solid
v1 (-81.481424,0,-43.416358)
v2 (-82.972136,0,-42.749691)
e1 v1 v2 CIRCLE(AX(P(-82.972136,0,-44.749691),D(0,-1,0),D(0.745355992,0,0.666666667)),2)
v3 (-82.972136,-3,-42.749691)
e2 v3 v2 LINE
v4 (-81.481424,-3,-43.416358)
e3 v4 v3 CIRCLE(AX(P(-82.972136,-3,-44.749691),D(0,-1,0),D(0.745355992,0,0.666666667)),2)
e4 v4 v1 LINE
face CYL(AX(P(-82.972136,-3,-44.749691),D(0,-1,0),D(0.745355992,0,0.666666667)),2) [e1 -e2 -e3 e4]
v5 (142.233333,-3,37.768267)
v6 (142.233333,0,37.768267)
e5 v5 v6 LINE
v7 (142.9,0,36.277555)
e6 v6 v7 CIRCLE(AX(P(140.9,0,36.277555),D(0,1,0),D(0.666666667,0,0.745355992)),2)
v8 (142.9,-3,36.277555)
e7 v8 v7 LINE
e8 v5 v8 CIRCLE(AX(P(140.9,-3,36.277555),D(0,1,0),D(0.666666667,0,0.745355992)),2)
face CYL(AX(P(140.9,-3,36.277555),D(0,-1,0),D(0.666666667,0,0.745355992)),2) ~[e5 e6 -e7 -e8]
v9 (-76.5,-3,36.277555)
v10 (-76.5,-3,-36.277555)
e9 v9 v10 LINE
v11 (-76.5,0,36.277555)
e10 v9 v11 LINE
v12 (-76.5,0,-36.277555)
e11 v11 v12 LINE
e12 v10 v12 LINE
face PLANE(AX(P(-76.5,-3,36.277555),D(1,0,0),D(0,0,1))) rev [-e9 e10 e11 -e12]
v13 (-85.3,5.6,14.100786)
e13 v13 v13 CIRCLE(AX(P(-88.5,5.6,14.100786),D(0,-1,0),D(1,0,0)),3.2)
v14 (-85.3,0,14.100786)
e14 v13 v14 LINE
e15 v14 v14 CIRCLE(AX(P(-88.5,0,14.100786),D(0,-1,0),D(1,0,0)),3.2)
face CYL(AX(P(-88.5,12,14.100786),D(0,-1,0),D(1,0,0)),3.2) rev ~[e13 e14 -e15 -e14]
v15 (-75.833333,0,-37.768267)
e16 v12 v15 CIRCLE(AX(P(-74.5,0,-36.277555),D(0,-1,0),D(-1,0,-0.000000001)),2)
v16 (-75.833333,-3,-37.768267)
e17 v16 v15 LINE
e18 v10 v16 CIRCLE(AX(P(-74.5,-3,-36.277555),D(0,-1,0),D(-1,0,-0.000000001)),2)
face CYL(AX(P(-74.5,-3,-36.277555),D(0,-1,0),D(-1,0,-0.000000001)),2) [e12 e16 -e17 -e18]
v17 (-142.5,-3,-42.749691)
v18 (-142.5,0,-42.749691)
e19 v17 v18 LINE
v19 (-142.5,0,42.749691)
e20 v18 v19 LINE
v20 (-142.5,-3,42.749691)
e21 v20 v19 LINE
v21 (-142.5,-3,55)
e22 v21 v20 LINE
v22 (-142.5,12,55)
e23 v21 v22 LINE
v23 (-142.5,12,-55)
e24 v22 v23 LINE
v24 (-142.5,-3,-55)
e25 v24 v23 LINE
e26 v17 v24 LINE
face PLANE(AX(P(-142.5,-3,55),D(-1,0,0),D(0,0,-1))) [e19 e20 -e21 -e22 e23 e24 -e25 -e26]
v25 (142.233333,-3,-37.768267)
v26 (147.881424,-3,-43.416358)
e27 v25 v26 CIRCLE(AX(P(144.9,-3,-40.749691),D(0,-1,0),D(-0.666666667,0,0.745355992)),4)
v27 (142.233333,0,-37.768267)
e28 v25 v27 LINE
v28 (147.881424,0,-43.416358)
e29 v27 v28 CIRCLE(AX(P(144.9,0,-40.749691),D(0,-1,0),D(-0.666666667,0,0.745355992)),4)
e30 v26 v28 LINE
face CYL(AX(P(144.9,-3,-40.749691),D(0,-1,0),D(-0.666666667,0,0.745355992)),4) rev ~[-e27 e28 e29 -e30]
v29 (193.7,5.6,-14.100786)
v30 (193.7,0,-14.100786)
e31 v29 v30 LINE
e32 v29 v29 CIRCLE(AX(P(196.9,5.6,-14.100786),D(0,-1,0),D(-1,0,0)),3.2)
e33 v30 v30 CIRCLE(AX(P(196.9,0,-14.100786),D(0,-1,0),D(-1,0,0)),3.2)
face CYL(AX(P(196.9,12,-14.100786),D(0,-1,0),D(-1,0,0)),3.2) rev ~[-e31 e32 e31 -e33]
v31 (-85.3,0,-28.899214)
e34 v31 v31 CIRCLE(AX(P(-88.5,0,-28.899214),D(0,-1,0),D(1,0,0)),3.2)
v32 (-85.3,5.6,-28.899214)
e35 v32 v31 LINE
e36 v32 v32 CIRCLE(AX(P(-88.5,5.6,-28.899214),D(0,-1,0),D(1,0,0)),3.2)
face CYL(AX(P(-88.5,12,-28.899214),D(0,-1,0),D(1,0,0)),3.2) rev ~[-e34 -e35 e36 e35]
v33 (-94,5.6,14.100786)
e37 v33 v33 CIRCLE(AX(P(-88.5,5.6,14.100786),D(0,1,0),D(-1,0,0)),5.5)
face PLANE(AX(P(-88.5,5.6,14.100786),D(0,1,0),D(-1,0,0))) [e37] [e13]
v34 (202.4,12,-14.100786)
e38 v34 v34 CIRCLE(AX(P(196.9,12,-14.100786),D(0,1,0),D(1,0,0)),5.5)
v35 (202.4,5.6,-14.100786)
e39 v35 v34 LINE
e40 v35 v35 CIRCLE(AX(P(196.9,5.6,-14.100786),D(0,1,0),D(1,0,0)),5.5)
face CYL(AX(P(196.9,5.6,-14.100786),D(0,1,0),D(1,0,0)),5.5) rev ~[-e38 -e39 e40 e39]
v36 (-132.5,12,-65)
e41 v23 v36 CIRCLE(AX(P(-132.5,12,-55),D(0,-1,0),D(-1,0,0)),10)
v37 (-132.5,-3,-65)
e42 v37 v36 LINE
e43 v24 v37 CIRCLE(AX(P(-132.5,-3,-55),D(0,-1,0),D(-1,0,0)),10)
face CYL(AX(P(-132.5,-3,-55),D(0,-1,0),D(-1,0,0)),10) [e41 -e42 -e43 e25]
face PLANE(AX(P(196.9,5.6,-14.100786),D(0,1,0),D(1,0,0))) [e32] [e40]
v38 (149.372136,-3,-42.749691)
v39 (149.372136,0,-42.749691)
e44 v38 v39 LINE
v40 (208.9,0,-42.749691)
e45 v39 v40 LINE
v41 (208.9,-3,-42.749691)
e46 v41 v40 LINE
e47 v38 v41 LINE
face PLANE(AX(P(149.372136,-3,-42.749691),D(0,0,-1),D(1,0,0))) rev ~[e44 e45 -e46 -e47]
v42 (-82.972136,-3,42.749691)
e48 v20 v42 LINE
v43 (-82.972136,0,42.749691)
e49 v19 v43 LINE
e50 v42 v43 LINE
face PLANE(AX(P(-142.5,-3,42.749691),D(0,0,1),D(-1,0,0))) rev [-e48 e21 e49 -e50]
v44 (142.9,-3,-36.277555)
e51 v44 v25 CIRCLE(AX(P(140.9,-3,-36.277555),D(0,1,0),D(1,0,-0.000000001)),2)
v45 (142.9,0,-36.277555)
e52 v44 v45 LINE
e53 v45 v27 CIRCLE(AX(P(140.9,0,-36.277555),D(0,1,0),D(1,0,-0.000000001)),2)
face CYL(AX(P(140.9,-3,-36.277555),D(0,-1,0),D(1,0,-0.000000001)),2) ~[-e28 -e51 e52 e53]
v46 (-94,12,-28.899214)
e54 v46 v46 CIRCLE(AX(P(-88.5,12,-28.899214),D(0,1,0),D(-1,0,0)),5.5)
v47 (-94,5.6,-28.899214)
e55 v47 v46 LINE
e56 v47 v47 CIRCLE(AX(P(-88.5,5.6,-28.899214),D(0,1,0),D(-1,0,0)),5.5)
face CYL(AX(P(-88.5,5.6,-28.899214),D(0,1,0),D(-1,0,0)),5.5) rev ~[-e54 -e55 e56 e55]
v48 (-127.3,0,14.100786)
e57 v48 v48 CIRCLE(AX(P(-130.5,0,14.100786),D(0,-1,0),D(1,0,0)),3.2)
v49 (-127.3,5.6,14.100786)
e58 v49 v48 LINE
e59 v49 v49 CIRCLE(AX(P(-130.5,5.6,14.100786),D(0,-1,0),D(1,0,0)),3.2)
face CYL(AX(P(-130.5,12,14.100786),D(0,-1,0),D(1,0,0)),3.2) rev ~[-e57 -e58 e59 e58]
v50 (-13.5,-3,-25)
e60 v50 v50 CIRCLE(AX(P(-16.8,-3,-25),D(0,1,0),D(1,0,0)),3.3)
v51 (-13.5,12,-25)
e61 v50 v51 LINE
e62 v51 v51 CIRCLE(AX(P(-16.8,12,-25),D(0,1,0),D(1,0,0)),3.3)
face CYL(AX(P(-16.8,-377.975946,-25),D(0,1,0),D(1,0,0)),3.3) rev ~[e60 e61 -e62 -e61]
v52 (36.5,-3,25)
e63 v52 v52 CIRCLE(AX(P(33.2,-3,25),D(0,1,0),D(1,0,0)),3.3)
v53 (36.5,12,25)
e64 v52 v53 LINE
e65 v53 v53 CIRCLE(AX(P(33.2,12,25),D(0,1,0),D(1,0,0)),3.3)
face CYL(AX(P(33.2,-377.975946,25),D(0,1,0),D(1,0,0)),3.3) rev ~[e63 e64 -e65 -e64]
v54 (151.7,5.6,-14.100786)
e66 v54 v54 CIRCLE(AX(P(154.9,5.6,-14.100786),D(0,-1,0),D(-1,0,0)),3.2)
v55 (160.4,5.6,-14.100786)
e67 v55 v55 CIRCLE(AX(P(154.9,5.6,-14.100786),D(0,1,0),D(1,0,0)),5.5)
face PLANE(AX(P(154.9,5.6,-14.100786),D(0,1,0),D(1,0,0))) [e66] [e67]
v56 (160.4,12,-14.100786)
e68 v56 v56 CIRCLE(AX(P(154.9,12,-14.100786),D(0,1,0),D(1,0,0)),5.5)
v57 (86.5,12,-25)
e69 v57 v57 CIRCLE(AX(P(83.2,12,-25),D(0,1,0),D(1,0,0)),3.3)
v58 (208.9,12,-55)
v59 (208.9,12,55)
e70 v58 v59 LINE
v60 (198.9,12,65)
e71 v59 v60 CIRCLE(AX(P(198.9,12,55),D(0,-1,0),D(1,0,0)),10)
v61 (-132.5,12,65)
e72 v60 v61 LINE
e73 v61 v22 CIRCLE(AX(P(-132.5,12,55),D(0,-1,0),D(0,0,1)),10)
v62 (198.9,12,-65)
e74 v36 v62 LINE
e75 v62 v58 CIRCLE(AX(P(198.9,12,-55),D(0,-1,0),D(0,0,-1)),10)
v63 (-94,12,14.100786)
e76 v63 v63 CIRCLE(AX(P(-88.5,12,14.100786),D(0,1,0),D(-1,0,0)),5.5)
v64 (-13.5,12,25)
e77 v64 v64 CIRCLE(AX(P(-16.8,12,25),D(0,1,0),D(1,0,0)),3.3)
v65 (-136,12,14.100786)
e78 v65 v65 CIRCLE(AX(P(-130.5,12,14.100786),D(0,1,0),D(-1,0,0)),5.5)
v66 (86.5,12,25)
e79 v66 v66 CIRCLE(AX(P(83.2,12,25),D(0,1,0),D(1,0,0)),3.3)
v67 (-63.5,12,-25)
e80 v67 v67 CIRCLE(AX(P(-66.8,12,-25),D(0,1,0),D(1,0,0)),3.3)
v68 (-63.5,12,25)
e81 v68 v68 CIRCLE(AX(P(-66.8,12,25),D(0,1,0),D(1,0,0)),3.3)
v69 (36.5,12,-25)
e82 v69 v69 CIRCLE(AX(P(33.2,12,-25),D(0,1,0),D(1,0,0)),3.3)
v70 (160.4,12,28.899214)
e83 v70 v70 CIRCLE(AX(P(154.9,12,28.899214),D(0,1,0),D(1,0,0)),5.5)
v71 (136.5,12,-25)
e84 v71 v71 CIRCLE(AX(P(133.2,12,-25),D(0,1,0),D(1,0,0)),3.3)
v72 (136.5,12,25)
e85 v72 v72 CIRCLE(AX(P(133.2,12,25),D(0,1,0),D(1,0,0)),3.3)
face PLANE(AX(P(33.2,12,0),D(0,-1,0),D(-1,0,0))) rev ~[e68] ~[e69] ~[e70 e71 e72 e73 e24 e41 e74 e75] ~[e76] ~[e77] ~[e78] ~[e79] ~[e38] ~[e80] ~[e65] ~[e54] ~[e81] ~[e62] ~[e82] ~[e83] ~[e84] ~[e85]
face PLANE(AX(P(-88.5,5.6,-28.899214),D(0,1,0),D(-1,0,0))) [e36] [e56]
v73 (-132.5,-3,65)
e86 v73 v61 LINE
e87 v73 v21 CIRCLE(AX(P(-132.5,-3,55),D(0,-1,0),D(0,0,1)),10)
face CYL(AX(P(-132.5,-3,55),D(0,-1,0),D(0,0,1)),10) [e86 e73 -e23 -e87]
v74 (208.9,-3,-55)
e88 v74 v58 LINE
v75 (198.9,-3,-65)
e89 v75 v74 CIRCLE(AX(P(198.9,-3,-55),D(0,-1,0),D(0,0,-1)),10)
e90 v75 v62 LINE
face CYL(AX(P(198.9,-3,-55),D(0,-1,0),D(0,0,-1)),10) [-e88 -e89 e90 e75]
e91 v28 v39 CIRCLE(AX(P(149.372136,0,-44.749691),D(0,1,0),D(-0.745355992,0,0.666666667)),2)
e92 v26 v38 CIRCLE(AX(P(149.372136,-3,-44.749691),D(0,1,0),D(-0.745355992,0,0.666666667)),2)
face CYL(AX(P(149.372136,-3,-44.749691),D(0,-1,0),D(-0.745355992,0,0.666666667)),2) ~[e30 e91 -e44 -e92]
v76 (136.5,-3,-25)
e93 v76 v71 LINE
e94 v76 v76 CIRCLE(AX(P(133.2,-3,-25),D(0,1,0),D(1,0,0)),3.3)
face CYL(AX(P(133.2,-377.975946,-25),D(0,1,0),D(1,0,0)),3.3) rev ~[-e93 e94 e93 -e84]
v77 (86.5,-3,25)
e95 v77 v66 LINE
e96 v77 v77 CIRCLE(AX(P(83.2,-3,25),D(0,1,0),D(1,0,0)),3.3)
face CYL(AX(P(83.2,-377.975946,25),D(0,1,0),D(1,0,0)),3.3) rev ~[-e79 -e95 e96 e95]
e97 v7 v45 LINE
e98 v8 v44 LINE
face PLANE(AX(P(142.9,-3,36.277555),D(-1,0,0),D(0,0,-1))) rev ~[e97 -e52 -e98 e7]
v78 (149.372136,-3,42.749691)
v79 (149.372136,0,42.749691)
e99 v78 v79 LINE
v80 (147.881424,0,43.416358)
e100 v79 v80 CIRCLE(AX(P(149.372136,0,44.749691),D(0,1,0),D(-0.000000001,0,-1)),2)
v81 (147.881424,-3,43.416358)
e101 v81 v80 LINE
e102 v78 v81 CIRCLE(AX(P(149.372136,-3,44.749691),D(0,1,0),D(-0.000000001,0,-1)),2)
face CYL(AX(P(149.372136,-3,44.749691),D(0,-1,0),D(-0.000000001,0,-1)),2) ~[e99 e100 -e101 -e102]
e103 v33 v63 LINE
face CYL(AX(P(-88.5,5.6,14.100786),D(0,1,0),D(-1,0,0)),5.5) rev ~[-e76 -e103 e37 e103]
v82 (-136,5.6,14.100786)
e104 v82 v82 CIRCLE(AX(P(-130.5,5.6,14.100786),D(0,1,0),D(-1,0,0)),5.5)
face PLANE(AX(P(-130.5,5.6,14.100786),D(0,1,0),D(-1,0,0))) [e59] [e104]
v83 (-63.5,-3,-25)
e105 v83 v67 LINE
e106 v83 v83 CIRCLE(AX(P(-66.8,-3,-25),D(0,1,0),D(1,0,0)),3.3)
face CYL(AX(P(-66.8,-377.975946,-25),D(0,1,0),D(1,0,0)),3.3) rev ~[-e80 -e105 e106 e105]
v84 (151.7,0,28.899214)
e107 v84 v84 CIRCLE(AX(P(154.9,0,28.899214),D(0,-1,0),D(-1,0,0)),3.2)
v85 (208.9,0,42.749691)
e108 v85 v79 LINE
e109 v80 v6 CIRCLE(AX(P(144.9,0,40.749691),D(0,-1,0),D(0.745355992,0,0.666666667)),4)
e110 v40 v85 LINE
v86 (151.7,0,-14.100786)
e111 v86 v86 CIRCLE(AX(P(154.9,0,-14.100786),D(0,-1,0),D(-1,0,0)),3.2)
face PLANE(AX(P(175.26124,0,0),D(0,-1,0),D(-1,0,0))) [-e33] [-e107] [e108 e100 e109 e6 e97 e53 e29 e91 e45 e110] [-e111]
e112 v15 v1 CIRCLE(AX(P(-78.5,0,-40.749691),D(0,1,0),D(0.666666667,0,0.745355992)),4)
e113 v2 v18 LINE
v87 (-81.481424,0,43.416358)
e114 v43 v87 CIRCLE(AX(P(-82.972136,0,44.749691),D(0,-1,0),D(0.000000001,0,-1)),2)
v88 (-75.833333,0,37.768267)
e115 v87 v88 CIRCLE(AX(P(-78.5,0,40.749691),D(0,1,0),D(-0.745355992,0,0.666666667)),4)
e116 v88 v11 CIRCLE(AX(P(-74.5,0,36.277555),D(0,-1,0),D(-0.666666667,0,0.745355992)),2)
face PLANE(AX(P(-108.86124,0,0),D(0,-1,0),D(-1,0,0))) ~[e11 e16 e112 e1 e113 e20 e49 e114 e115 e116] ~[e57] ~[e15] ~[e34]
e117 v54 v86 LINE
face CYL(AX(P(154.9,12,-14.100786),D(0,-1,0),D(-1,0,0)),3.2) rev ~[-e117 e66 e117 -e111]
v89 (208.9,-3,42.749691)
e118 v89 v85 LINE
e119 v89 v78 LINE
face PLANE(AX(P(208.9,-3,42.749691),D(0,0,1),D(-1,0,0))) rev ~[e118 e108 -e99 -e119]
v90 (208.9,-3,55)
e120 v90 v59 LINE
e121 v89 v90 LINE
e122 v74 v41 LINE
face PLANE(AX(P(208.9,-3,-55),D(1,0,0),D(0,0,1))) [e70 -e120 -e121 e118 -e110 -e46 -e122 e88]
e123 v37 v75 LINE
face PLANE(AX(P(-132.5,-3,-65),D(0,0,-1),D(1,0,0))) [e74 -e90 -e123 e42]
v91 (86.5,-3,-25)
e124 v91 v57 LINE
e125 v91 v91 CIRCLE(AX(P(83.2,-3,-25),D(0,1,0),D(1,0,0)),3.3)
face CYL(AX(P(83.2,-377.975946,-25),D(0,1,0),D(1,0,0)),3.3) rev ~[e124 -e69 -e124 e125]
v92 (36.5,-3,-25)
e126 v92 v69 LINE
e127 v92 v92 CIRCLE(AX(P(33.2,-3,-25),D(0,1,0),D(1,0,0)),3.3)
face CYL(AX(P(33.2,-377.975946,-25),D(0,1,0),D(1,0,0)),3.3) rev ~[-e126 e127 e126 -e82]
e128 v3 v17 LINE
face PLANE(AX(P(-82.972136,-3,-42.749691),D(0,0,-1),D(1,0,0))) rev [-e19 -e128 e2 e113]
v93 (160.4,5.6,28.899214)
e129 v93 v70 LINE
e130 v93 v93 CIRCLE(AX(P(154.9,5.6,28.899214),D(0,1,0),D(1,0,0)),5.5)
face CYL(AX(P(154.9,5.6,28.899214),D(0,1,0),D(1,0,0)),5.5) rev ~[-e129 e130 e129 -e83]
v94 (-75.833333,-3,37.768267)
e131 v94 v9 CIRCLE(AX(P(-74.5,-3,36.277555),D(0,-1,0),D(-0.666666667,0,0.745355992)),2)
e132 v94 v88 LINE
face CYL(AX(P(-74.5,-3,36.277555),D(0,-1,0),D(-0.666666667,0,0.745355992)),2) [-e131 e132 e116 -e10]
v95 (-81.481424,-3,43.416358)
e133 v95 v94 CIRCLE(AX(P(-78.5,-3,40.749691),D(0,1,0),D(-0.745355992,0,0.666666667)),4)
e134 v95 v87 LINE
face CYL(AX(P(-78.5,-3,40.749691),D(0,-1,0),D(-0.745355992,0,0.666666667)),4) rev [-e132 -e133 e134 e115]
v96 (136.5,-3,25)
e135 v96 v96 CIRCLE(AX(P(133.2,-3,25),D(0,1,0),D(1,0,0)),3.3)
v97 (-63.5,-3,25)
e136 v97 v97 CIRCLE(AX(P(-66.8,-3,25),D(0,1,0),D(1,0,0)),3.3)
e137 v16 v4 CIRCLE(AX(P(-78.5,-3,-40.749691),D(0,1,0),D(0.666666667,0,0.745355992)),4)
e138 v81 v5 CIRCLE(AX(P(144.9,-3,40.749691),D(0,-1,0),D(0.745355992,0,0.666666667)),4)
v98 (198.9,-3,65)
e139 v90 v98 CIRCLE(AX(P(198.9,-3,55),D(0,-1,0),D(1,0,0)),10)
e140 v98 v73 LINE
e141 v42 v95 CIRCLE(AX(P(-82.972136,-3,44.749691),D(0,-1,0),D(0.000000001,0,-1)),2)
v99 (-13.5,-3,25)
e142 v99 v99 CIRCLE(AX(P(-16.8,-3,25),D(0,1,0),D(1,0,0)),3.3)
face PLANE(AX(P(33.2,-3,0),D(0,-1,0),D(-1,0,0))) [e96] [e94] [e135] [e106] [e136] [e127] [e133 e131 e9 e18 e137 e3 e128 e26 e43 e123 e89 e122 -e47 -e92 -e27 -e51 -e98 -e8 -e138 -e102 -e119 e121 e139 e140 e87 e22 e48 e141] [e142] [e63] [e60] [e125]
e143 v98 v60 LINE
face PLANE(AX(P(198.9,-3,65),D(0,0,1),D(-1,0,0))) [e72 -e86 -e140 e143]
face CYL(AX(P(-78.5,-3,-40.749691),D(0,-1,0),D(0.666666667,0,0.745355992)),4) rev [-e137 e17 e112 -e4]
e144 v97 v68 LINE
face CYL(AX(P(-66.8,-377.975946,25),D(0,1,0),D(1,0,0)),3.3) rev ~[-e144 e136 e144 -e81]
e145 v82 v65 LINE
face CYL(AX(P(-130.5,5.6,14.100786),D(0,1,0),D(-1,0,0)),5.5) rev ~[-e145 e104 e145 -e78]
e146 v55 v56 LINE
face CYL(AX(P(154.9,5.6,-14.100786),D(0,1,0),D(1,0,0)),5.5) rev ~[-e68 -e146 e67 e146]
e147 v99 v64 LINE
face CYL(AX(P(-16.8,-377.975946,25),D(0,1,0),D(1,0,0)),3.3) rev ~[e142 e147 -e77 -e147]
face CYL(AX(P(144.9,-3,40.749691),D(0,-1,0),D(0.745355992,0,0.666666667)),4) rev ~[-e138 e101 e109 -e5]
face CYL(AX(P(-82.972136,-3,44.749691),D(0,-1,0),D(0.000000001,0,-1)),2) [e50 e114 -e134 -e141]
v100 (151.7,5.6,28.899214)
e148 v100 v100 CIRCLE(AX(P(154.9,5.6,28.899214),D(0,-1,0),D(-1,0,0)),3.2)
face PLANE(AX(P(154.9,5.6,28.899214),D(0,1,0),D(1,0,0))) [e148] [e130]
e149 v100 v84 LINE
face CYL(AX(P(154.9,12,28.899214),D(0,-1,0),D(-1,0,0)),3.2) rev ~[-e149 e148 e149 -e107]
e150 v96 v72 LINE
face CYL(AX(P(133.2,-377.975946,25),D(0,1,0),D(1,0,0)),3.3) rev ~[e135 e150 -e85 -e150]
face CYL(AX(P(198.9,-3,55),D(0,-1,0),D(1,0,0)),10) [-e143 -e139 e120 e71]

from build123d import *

# Parameters (mm, degrees)
ESTRUSIONE_ESTRUSIONE1_DEPTH                         = 15
TAGLIO_ESTRUSIONE1_DEPTH                             = 3
FORO_LAMATO_PER_VITE_M6_A_TESTA_CILINDRI_D           = 6.4
FORO_LAMATO_PER_VITE_M6_A_TESTA_CILINDRI_CBORE_D     = 11
FORO_LAMATO_PER_VITE_M6_A_TESTA_CILINDRI_CBORE_DEPTH = 6.4
RIPETIZIONECIRCOLARE1_COUNT                          = 2
FORO_PER_VITE_M6_1_D                                 = 6.6


with BuildPart() as part:
    # Schizzo1 → Estrusione-Estrusione1 (new body)
    with BuildSketch(Plane(origin=(0, -3, 0), x_dir=(1, 0, 0), z_dir=(0, 1, 0))):
        with BuildLine():
            Line((198.9, -65), (-132.5, -65))
            ThreePointArc((-132.5, -65), (-139.571067812, -62.071067812), (-142.5, -55))
            Line((-142.5, -55), (-142.5, 55))
            ThreePointArc((-142.5, 55), (-139.571067812, 62.071067812), (-132.5, 65))
            Line((-132.5, 65), (198.9, 65))
            ThreePointArc((198.9, 65), (205.971067812, 62.071067812), (208.9, 55))
            Line((208.9, 55), (208.9, -55))
            ThreePointArc((208.9, -55), (205.971067812, -62.071067812), (198.9, -65))
        make_face()
    extrude(amount=ESTRUSIONE_ESTRUSIONE1_DEPTH)

    # Schizzo2 → Taglio-Estrusione1 (cut)
    with BuildSketch(Plane(origin=(0, -3, 0), x_dir=(1, 0, 0), z_dir=(0, 1, 0))):
        with BuildLine():
            Line((149.372135955, 42.749691048), (208.9, 42.749691048))
            Line((208.9, 42.749691048), (208.9, -42.749691048))
            Line((208.9, -42.749691048), (149.372135955, -42.749691048))
            ThreePointArc((149.372135955, -42.749691048), (148.555639374, -42.92394919), (147.88142397, -43.416357715))
            ThreePointArc((147.88142397, -43.416357715), (142.071572875, -43.578118173), (142.233333333, -37.768267078))
            ThreePointArc((142.233333333, -37.768267078), (142.725741858, -37.094051674), (142.9, -36.277555093))
            Line((142.9, -36.277555093), (142.9, 36.277555093))
            ThreePointArc((142.9, 36.277555093), (142.725741858, 37.094051674), (142.233333333, 37.768267078))
            ThreePointArc((142.233333333, 37.768267078), (142.071572875, 43.578118173), (147.88142397, 43.416357715))
            ThreePointArc((147.88142397, 43.416357715), (148.555639374, 42.92394919), (149.372135955, 42.749691048))
        make_face()
    taglio_estrusione1 = extrude(amount=TAGLIO_ESTRUSIONE1_DEPTH, mode=Mode.SUBTRACT)

    # Foro lamato per Vite M6 a testa cilindri (through all)
    with Locations(Plane(origin=(0, 12, 0), x_dir=(1, 0, 0), z_dir=(0, 1, 0))):
        with Locations((154.9, -28.899213583), (154.9, 14.100786417), (196.9, 14.100786417)):
            foro_lamato_per_vite_m6_a_testa_cilindri = CounterBoreHole(FORO_LAMATO_PER_VITE_M6_A_TESTA_CILINDRI_D / 2, FORO_LAMATO_PER_VITE_M6_A_TESTA_CILINDRI_CBORE_D / 2, FORO_LAMATO_PER_VITE_M6_A_TESTA_CILINDRI_CBORE_DEPTH)

    # Specchia1: Taglio-Estrusione1 across plane
    add(taglio_estrusione1.mirror(Plane(origin=(33.2, 0, 0), x_dir=(0, 0, 1), z_dir=(1, 0, 0))), mode=Mode.SUBTRACT)

    # RipetizioneCircolare1: Foro lamato per Vite M6 a testa cilindri ×2 about axis
    ripetizionecircolare1_axis = Axis((33.2, 0, 0), (0, 1, 0))
    for i in range(1, RIPETIZIONECIRCOLARE1_COUNT):
        add(foro_lamato_per_vite_m6_a_testa_cilindri.rotate(ripetizionecircolare1_axis, i * 360 / RIPETIZIONECIRCOLARE1_COUNT), mode=Mode.SUBTRACT)

    # Foro per Vite M6-1 (through all)
    with Locations(Plane(origin=(0, -3, 0), x_dir=(-1, 0, 0), z_dir=(0, -1, 0))):
        with Locations((-133.2, 25), (66.8, -25), (66.8, 25), (-133.2, -25), (-33.2, -25), (-33.2, 25), (16.8, -25), (16.8, 25), (-83.2, 25), (-83.2, -25)):
            Hole(FORO_PER_VITE_M6_1_D / 2)


solid = part.part
